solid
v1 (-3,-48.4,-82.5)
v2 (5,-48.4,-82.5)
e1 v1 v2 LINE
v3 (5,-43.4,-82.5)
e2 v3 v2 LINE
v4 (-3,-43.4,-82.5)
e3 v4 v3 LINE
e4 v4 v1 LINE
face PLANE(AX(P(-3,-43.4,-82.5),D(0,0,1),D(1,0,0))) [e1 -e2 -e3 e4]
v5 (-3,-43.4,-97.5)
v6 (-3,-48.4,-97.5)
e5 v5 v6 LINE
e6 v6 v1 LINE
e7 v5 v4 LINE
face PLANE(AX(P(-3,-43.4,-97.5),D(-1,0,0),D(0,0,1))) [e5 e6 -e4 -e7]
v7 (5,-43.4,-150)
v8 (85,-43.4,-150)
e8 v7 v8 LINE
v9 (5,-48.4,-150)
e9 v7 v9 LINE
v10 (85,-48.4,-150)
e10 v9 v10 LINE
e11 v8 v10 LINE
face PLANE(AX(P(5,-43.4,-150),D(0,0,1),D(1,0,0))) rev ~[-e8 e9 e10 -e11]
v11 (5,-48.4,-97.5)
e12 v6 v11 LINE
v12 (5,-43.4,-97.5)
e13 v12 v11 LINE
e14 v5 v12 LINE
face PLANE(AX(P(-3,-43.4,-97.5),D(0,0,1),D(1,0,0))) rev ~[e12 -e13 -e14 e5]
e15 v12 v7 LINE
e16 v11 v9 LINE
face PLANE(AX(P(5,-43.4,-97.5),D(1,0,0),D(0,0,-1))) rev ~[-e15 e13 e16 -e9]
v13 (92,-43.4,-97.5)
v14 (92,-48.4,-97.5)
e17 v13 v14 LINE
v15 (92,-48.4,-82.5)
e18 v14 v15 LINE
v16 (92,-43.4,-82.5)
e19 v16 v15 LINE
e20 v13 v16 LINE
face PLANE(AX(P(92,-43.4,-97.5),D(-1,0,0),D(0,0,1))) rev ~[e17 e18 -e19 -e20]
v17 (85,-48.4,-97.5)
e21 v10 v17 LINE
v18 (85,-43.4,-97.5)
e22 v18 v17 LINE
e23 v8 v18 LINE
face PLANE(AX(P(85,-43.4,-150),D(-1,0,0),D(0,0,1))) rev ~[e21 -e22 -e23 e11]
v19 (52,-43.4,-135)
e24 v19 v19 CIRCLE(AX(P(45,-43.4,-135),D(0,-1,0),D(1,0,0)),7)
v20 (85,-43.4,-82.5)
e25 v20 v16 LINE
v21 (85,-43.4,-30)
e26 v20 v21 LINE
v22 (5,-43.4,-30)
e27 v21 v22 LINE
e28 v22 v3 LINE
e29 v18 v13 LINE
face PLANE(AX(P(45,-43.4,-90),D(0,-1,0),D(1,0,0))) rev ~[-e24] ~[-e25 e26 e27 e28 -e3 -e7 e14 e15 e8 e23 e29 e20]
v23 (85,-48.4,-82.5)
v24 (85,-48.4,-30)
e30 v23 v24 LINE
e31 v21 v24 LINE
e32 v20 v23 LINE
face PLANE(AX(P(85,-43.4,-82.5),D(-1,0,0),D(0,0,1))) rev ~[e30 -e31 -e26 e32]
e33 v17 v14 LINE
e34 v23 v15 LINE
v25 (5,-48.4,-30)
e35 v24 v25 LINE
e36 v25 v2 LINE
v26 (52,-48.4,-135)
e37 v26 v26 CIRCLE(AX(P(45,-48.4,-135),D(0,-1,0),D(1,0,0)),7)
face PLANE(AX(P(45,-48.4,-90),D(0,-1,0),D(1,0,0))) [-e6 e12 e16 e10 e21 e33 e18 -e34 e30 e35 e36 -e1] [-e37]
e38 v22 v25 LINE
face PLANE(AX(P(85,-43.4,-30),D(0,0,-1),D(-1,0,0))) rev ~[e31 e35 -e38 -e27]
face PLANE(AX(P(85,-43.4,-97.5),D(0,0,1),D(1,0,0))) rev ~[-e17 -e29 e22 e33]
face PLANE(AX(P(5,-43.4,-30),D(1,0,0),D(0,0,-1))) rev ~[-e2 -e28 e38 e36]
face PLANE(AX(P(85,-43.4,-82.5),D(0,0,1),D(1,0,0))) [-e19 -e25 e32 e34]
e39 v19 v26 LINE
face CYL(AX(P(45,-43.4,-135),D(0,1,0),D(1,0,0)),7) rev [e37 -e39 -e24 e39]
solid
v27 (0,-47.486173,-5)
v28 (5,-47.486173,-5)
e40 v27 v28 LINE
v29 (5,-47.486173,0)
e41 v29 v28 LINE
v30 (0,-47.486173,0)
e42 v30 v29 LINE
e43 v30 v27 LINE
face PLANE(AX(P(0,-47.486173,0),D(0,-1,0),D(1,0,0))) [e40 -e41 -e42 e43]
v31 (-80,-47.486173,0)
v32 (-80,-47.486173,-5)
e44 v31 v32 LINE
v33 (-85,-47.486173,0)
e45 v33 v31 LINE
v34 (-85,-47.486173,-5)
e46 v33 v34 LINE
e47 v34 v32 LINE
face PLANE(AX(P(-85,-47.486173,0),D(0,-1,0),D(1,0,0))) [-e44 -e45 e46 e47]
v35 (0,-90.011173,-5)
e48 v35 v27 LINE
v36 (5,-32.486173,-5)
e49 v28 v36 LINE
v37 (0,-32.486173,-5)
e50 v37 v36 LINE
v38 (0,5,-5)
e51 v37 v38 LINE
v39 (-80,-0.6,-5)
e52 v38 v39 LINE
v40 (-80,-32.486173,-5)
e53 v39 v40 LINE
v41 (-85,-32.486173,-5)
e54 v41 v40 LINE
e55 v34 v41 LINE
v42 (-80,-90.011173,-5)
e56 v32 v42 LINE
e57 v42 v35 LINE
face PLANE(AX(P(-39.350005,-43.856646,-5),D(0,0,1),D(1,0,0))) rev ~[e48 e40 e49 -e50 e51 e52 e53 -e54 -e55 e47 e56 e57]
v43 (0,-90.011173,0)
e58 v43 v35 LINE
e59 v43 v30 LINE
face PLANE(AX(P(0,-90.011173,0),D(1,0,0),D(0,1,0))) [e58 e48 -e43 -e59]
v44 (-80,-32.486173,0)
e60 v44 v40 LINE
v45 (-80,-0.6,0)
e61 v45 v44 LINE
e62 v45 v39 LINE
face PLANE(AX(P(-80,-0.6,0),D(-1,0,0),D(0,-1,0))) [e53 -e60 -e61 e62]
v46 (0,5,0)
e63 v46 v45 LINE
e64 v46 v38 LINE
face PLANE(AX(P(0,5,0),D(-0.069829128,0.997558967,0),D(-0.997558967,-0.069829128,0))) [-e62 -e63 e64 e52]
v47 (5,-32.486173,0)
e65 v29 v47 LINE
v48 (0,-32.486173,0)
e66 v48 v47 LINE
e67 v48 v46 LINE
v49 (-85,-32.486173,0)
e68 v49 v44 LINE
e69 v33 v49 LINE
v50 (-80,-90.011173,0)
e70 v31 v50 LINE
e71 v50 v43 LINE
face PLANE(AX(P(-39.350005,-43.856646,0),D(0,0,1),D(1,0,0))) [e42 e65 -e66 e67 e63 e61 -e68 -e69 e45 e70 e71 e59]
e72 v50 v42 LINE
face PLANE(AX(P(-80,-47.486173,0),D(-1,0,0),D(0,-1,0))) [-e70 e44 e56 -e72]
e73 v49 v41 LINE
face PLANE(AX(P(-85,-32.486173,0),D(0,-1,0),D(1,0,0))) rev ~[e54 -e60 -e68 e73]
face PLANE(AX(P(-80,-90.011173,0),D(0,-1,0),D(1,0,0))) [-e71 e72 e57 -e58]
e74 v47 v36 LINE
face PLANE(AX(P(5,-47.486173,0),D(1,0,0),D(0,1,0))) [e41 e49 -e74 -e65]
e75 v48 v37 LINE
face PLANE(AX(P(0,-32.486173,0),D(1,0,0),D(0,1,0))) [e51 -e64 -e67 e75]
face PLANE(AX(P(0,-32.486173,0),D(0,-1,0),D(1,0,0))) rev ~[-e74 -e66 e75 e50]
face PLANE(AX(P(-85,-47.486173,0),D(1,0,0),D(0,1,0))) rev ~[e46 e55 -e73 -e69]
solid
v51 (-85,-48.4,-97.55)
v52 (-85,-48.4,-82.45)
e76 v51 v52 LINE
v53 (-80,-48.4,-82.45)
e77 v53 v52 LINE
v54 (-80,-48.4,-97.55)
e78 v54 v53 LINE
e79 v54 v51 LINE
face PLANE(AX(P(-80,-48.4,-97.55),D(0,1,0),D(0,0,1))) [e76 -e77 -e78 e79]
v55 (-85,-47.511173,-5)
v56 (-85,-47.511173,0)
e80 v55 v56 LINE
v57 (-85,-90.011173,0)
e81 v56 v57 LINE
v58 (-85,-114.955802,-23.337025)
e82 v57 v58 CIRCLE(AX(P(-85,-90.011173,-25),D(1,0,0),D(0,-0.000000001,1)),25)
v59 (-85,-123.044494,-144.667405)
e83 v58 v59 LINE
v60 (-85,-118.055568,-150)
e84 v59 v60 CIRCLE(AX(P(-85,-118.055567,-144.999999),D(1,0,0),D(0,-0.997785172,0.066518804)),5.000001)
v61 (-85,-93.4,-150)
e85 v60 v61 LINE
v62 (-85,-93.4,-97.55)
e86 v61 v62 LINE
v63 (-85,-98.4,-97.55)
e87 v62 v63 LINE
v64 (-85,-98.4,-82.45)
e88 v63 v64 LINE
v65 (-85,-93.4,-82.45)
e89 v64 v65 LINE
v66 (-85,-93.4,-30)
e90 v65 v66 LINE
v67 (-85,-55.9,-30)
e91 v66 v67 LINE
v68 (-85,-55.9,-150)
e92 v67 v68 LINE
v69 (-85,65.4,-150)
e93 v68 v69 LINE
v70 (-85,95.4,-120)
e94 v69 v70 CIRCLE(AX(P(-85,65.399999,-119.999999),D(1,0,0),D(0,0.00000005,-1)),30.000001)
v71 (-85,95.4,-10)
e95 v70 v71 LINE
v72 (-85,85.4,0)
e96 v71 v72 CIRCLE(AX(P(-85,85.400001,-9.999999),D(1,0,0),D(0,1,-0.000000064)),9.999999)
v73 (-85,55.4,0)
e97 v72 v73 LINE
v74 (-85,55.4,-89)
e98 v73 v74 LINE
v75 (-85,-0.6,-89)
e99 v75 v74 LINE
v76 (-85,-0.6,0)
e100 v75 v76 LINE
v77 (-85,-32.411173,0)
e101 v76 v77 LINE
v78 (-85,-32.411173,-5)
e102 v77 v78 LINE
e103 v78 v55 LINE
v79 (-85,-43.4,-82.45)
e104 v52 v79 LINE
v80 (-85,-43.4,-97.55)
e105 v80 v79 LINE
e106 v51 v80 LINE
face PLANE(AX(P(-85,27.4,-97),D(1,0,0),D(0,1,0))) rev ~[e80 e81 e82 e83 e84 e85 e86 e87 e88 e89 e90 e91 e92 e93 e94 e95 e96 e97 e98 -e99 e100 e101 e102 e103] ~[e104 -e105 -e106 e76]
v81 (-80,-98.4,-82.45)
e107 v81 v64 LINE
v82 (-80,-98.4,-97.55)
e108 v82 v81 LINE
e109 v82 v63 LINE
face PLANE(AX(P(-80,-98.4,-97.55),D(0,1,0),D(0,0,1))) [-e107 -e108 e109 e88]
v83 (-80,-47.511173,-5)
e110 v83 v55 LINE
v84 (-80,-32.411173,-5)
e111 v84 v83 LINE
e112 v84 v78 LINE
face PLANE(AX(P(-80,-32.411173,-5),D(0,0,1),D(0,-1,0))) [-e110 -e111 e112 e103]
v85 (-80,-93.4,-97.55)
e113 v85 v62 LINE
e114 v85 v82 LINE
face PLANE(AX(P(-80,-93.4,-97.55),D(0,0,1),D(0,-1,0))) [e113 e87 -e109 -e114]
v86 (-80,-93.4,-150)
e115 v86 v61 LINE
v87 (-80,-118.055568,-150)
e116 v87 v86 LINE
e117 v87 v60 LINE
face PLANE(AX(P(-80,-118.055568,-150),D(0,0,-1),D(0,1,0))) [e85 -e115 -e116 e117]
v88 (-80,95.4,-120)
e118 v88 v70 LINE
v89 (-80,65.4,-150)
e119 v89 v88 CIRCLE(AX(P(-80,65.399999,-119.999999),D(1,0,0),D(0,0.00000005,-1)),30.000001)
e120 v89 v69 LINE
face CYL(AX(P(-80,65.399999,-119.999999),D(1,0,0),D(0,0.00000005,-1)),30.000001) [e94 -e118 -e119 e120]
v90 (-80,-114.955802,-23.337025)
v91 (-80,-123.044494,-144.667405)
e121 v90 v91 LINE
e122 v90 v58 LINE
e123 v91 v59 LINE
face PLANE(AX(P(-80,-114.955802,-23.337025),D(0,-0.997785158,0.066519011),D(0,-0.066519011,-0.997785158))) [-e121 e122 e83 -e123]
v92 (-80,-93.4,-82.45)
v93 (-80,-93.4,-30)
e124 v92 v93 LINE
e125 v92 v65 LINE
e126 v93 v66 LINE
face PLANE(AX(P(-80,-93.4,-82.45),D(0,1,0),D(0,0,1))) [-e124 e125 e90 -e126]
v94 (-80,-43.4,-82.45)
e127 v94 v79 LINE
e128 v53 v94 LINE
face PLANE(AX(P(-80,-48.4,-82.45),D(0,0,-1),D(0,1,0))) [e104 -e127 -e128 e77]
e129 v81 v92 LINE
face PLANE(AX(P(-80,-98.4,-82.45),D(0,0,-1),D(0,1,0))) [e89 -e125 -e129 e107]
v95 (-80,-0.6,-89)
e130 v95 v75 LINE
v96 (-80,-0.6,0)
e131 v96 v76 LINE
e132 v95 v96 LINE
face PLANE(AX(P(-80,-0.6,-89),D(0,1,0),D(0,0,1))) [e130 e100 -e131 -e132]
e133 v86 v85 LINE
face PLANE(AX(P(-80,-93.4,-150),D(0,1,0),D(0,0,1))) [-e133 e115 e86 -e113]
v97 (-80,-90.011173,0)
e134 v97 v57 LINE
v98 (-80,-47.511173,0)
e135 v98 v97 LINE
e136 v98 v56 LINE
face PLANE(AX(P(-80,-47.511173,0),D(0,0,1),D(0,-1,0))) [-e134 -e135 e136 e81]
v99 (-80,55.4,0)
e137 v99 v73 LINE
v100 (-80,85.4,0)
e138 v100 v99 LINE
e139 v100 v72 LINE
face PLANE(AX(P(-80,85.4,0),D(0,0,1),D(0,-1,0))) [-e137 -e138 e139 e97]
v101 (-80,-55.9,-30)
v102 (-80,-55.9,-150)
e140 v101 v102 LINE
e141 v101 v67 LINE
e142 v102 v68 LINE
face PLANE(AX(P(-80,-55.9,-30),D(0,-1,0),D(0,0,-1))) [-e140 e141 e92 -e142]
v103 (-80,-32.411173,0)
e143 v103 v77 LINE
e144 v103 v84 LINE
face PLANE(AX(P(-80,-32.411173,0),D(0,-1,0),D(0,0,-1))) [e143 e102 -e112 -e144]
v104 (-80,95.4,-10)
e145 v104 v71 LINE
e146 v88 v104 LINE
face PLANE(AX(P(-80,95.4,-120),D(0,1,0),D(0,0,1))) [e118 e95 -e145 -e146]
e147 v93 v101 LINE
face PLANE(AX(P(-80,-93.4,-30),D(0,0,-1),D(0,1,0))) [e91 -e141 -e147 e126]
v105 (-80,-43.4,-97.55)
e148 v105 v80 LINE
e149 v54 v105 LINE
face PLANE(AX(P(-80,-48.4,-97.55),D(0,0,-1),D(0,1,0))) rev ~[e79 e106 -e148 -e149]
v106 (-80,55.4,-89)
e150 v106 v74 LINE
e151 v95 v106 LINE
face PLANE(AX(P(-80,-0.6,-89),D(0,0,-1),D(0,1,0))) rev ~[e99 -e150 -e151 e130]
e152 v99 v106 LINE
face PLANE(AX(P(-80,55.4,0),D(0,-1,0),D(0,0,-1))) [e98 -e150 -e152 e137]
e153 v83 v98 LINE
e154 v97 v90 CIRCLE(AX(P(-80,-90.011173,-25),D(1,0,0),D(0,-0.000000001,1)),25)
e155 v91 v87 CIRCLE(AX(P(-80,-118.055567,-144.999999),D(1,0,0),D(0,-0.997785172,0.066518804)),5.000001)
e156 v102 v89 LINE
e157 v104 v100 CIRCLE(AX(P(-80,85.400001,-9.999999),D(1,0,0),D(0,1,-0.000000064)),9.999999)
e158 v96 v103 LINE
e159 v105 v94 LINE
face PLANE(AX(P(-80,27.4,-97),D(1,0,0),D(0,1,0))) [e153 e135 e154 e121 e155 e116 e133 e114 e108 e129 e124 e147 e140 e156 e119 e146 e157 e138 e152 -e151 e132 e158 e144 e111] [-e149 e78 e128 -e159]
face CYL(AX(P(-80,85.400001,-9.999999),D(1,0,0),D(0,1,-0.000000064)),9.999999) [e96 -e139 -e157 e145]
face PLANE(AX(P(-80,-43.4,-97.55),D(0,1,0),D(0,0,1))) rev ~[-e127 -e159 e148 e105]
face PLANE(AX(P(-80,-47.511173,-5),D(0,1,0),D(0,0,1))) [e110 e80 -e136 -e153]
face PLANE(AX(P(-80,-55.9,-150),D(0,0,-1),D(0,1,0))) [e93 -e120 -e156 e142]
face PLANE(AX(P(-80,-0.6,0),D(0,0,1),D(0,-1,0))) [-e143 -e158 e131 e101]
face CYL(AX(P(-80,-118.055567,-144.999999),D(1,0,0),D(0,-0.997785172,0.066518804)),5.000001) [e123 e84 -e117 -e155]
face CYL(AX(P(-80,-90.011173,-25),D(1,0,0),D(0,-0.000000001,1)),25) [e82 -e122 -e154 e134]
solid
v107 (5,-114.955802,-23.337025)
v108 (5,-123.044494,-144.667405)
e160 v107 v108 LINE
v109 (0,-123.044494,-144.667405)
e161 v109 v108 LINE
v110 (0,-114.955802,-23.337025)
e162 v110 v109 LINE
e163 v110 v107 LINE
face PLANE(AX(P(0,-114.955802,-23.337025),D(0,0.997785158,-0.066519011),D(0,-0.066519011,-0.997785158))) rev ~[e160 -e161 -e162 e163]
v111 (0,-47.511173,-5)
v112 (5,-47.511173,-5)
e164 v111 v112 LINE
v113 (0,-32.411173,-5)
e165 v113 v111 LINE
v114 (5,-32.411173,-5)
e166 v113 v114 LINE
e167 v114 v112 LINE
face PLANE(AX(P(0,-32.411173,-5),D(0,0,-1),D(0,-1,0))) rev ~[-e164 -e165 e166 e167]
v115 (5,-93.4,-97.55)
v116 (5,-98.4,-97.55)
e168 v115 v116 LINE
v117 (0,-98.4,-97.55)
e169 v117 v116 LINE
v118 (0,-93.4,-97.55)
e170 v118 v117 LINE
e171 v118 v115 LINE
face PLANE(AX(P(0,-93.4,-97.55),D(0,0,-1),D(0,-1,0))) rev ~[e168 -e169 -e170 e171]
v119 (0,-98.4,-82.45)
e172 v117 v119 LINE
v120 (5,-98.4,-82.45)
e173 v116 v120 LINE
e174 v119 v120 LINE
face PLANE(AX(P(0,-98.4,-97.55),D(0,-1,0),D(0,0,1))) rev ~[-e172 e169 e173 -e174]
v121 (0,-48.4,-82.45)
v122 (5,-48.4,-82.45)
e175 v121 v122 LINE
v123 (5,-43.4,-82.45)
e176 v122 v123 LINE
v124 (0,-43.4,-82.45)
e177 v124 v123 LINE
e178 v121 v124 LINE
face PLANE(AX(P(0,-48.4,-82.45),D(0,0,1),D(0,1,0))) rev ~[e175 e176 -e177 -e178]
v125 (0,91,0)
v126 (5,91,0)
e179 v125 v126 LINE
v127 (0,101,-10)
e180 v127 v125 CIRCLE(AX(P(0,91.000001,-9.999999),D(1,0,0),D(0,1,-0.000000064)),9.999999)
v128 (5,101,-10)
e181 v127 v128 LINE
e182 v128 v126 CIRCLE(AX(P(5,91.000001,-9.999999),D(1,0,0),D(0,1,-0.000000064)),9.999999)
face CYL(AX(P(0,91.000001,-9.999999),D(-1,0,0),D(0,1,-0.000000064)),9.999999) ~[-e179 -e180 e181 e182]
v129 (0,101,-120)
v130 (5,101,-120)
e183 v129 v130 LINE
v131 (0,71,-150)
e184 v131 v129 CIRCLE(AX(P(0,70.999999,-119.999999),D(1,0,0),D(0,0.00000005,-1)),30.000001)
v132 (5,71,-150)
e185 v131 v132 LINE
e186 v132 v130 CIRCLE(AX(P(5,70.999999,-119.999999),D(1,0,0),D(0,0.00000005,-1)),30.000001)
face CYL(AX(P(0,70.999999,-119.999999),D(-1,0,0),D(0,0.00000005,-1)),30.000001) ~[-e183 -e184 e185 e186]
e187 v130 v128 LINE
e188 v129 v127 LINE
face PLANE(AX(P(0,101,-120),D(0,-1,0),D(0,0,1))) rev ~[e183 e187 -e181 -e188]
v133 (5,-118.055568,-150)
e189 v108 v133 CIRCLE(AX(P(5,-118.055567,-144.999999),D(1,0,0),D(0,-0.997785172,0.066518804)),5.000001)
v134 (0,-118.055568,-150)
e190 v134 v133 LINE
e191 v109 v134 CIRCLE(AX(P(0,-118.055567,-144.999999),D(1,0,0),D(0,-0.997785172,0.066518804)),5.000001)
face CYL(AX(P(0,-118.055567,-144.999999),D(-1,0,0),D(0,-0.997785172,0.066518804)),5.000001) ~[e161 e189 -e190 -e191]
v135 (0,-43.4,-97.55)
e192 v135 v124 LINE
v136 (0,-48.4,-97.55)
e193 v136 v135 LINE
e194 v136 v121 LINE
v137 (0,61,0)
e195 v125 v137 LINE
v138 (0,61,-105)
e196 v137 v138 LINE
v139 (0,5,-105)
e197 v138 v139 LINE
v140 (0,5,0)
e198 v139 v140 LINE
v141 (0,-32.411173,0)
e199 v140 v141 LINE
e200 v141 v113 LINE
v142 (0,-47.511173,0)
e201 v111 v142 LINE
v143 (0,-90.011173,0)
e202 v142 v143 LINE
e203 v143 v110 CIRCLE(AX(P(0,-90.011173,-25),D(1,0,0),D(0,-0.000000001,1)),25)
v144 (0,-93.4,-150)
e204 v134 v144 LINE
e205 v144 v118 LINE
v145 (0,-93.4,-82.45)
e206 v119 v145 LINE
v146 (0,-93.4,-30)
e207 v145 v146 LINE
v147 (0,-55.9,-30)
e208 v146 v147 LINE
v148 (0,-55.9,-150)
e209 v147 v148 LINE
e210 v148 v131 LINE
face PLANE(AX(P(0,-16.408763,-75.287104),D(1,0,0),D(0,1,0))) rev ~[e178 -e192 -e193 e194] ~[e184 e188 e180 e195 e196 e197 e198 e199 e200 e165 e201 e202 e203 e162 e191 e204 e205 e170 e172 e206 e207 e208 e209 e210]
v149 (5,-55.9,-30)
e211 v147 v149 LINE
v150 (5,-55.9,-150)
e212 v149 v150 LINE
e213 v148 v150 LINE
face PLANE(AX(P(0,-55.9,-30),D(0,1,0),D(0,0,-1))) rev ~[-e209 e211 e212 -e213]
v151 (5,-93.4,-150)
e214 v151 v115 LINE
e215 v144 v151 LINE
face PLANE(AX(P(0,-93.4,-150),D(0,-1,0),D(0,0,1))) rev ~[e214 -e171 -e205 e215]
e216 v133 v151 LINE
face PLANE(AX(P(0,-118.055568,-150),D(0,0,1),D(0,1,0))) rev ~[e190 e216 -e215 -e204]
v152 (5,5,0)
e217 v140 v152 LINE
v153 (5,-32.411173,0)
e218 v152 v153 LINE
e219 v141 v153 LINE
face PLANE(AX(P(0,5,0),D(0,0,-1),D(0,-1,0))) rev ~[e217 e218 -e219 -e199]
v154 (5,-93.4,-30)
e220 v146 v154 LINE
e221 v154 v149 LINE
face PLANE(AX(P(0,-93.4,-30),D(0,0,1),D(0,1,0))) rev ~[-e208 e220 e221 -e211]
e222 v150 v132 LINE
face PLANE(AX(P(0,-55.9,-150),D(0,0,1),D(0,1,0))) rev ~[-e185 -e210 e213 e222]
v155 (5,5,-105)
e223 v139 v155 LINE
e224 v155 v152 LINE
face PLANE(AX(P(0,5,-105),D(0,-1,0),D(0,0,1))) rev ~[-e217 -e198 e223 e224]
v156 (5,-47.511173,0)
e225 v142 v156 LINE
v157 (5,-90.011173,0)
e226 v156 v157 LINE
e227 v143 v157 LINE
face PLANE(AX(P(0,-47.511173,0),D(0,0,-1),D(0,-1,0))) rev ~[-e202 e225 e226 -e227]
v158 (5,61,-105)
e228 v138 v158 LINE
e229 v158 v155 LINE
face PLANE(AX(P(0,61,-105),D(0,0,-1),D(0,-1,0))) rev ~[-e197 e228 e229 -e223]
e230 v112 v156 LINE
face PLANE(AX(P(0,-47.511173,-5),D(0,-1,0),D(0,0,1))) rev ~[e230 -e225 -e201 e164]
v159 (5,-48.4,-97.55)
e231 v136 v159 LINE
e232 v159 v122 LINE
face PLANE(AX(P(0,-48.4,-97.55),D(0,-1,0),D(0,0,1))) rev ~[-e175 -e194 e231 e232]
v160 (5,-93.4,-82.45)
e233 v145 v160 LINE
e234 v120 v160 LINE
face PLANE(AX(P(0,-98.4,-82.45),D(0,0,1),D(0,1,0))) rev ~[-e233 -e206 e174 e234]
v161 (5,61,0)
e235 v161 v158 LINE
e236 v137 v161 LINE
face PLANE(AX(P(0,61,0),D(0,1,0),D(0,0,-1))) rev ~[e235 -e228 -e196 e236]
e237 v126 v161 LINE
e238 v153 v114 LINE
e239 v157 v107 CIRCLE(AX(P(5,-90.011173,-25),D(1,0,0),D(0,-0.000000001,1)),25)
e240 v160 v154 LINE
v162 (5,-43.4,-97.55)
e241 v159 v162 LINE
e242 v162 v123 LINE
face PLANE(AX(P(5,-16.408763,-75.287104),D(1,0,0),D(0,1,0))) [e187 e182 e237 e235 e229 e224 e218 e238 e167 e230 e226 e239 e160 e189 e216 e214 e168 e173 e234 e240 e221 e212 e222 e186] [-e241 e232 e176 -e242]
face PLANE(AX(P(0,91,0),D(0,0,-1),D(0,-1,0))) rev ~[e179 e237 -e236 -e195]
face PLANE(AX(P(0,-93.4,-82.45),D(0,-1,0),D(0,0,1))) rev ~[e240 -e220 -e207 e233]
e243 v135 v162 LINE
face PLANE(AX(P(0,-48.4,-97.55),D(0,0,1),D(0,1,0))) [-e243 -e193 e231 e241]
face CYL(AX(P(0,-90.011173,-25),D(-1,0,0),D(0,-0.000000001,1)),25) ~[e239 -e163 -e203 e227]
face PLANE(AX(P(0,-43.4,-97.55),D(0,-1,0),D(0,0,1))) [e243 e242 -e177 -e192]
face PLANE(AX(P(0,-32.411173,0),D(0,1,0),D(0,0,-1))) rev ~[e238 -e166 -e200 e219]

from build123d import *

# Parameters (mm, degrees)
F0_W     = 5
F0_H     = 15.1
F1_DEPTH = 5
F2_R     = 7
F2_W     = 8
F2_H     = 15
F2_W_2   = 7
F3_DEPTH = 5
F5_W     = 56
F5_H     = 16
F5_W_2   = 5
F5_H_2   = 15.1
F6_DEPTH = 5
F7_W     = 5
F7_H     = 15
F8_DEPTH = 5


with BuildPart() as f1:
    # F0 (on Right) → F1 (new body)
    with BuildSketch(Plane.YZ):
        with BuildLine():
            Line((5, -105), (5, 0))
            Line((5, 0), (0, 0))
            Line((0, 0), (-32.411173, 0))
            Line((-32.411173, 0), (-32.411173, -5))
            Line((-32.411173, -5), (-47.511173, -5))
            Line((-47.511173, -5), (-47.511173, 0))
            Line((-47.511173, 0), (-90.011173, 0))
            ThreePointArc((-90.011173, 0), (-107.090775, -6.743845), (-114.955802, -23.337025))
            Line((-114.955802, -23.337025), (-123.044494, -144.667405))
            ThreePointArc((-123.044494, -144.667405), (-121.706799, -148.41592), (-118.055568, -150))
            Line((-118.055568, -150), (-93.4, -150))
            Line((-93.4, -150), (-93.4, -97.55))
            Line((-93.4, -97.55), (-98.4, -97.55))
            Line((-98.4, -97.55), (-98.4, -82.45))
            Line((-98.4, -82.45), (-93.4, -82.45))
            Line((-93.4, -82.45), (-93.4, -30))
            Line((-93.4, -30), (-55.9, -30))
            Line((-55.9, -30), (-55.9, -150))
            Line((-55.9, -150), (-48.4, -150))
            Line((-48.4, -150), (71, -150))
            ThreePointArc((71, -150), (92.213203, -141.213203), (101, -120))
            Line((101, -120), (101, -10))
            ThreePointArc((101, -10), (98.071068, -2.928932), (91, 0))
            Line((91, 0), (61, 0))
            Line((61, 0), (61, -105))
            Line((61, -105), (5, -105))
        make_face()
        with Locations((-45.9, -90)):
            Rectangle(F0_W, F0_H, mode=Mode.SUBTRACT)
    extrude(amount=F1_DEPTH)


with BuildPart() as f3:
    # F2 (on face) → F3 (new body)
    with BuildSketch(Plane.XZ.offset(43.4)):
        Polygon((85, -30), (5, -30), (5, -82.5), (5, -97.5), (5, -150), (85, -150), (85, -97.5), (85, -82.5), align=None)
        with Locations((45, -135)):
            Circle(F2_R, mode=Mode.SUBTRACT)
        with Locations((1, -90)):
            Rectangle(F2_W, F2_H)
        with Locations((88.5, -90)):
            Rectangle(F2_W_2, F2_H)
    extrude(amount=F3_DEPTH)


with BuildPart() as f6:
    # F5 (on offset) → F6 (new body)
    with BuildSketch(Plane.YZ.offset(-80)):
        with Locations((27.4, -97)):
            Rectangle(F5_W, F5_H)
        with BuildLine():
            Line((-0.6, -89), (-0.6, 0))
            Line((-0.6, 0), (-5.6, 0))
            Line((-5.6, 0), (-32.411173, 0))
            Line((-32.411173, 0), (-32.411173, -5))
            Line((-32.411173, -5), (-47.511173, -5))
            Line((-47.511173, -5), (-47.511173, 0))
            Line((-47.511173, 0), (-90.011173, 0))
            ThreePointArc((-90.011173, 0), (-107.090775, -6.743845), (-114.955802, -23.337025))
            Line((-114.955802, -23.337025), (-123.044494, -144.667405))
            ThreePointArc((-123.044494, -144.667405), (-121.706799, -148.41592), (-118.055568, -150))
            Line((-118.055568, -150), (-93.4, -150))
            Line((-93.4, -150), (-93.4, -97.55))
            Line((-93.4, -97.55), (-98.4, -97.55))
            Line((-98.4, -97.55), (-98.4, -82.45))
            Line((-98.4, -82.45), (-93.4, -82.45))
            Line((-93.4, -82.45), (-93.4, -30))
            Line((-93.4, -30), (-55.9, -30))
            Line((-55.9, -30), (-55.9, -150))
            Line((-55.9, -150), (-48.4, -150))
            Line((-48.4, -150), (65.4, -150))
            ThreePointArc((65.4, -150), (86.613203, -141.213203), (95.4, -120))
            Line((95.4, -120), (95.4, -10))
            ThreePointArc((95.4, -10), (92.471068, -2.928932), (85.4, 0))
            Line((85.4, 0), (55.4, 0))
            Line((55.4, 0), (55.4, -89))
            Line((55.4, -89), (55.4, -105))
            Line((55.4, -105), (-0.6, -105))
            Line((-0.6, -105), (-0.6, -89))
        make_face()
        with Locations((-45.9, -90)):
            Rectangle(F5_W_2, F5_H_2, mode=Mode.SUBTRACT)
    extrude(amount=-F6_DEPTH)


with BuildPart() as f8:
    # F7 (on Top) → F8 (new body)
    with BuildSketch(Plane.XY):
        Polygon((-80, -90.011173), (0, -90.011173), (0, -47.486173), (0, -32.486173), (0, 5), (-80, -0.6), (-80, -32.486173), (-80, -47.486173), align=None)
        with Locations((2.5, -39.986173)):
            Rectangle(F7_W, F7_H)
        with Locations((-82.5, -39.986173)):
            Rectangle(F7_W, F7_H)
    extrude(amount=-F8_DEPTH)


solid = Compound([f1.part, f3.part, f6.part, f8.part])
